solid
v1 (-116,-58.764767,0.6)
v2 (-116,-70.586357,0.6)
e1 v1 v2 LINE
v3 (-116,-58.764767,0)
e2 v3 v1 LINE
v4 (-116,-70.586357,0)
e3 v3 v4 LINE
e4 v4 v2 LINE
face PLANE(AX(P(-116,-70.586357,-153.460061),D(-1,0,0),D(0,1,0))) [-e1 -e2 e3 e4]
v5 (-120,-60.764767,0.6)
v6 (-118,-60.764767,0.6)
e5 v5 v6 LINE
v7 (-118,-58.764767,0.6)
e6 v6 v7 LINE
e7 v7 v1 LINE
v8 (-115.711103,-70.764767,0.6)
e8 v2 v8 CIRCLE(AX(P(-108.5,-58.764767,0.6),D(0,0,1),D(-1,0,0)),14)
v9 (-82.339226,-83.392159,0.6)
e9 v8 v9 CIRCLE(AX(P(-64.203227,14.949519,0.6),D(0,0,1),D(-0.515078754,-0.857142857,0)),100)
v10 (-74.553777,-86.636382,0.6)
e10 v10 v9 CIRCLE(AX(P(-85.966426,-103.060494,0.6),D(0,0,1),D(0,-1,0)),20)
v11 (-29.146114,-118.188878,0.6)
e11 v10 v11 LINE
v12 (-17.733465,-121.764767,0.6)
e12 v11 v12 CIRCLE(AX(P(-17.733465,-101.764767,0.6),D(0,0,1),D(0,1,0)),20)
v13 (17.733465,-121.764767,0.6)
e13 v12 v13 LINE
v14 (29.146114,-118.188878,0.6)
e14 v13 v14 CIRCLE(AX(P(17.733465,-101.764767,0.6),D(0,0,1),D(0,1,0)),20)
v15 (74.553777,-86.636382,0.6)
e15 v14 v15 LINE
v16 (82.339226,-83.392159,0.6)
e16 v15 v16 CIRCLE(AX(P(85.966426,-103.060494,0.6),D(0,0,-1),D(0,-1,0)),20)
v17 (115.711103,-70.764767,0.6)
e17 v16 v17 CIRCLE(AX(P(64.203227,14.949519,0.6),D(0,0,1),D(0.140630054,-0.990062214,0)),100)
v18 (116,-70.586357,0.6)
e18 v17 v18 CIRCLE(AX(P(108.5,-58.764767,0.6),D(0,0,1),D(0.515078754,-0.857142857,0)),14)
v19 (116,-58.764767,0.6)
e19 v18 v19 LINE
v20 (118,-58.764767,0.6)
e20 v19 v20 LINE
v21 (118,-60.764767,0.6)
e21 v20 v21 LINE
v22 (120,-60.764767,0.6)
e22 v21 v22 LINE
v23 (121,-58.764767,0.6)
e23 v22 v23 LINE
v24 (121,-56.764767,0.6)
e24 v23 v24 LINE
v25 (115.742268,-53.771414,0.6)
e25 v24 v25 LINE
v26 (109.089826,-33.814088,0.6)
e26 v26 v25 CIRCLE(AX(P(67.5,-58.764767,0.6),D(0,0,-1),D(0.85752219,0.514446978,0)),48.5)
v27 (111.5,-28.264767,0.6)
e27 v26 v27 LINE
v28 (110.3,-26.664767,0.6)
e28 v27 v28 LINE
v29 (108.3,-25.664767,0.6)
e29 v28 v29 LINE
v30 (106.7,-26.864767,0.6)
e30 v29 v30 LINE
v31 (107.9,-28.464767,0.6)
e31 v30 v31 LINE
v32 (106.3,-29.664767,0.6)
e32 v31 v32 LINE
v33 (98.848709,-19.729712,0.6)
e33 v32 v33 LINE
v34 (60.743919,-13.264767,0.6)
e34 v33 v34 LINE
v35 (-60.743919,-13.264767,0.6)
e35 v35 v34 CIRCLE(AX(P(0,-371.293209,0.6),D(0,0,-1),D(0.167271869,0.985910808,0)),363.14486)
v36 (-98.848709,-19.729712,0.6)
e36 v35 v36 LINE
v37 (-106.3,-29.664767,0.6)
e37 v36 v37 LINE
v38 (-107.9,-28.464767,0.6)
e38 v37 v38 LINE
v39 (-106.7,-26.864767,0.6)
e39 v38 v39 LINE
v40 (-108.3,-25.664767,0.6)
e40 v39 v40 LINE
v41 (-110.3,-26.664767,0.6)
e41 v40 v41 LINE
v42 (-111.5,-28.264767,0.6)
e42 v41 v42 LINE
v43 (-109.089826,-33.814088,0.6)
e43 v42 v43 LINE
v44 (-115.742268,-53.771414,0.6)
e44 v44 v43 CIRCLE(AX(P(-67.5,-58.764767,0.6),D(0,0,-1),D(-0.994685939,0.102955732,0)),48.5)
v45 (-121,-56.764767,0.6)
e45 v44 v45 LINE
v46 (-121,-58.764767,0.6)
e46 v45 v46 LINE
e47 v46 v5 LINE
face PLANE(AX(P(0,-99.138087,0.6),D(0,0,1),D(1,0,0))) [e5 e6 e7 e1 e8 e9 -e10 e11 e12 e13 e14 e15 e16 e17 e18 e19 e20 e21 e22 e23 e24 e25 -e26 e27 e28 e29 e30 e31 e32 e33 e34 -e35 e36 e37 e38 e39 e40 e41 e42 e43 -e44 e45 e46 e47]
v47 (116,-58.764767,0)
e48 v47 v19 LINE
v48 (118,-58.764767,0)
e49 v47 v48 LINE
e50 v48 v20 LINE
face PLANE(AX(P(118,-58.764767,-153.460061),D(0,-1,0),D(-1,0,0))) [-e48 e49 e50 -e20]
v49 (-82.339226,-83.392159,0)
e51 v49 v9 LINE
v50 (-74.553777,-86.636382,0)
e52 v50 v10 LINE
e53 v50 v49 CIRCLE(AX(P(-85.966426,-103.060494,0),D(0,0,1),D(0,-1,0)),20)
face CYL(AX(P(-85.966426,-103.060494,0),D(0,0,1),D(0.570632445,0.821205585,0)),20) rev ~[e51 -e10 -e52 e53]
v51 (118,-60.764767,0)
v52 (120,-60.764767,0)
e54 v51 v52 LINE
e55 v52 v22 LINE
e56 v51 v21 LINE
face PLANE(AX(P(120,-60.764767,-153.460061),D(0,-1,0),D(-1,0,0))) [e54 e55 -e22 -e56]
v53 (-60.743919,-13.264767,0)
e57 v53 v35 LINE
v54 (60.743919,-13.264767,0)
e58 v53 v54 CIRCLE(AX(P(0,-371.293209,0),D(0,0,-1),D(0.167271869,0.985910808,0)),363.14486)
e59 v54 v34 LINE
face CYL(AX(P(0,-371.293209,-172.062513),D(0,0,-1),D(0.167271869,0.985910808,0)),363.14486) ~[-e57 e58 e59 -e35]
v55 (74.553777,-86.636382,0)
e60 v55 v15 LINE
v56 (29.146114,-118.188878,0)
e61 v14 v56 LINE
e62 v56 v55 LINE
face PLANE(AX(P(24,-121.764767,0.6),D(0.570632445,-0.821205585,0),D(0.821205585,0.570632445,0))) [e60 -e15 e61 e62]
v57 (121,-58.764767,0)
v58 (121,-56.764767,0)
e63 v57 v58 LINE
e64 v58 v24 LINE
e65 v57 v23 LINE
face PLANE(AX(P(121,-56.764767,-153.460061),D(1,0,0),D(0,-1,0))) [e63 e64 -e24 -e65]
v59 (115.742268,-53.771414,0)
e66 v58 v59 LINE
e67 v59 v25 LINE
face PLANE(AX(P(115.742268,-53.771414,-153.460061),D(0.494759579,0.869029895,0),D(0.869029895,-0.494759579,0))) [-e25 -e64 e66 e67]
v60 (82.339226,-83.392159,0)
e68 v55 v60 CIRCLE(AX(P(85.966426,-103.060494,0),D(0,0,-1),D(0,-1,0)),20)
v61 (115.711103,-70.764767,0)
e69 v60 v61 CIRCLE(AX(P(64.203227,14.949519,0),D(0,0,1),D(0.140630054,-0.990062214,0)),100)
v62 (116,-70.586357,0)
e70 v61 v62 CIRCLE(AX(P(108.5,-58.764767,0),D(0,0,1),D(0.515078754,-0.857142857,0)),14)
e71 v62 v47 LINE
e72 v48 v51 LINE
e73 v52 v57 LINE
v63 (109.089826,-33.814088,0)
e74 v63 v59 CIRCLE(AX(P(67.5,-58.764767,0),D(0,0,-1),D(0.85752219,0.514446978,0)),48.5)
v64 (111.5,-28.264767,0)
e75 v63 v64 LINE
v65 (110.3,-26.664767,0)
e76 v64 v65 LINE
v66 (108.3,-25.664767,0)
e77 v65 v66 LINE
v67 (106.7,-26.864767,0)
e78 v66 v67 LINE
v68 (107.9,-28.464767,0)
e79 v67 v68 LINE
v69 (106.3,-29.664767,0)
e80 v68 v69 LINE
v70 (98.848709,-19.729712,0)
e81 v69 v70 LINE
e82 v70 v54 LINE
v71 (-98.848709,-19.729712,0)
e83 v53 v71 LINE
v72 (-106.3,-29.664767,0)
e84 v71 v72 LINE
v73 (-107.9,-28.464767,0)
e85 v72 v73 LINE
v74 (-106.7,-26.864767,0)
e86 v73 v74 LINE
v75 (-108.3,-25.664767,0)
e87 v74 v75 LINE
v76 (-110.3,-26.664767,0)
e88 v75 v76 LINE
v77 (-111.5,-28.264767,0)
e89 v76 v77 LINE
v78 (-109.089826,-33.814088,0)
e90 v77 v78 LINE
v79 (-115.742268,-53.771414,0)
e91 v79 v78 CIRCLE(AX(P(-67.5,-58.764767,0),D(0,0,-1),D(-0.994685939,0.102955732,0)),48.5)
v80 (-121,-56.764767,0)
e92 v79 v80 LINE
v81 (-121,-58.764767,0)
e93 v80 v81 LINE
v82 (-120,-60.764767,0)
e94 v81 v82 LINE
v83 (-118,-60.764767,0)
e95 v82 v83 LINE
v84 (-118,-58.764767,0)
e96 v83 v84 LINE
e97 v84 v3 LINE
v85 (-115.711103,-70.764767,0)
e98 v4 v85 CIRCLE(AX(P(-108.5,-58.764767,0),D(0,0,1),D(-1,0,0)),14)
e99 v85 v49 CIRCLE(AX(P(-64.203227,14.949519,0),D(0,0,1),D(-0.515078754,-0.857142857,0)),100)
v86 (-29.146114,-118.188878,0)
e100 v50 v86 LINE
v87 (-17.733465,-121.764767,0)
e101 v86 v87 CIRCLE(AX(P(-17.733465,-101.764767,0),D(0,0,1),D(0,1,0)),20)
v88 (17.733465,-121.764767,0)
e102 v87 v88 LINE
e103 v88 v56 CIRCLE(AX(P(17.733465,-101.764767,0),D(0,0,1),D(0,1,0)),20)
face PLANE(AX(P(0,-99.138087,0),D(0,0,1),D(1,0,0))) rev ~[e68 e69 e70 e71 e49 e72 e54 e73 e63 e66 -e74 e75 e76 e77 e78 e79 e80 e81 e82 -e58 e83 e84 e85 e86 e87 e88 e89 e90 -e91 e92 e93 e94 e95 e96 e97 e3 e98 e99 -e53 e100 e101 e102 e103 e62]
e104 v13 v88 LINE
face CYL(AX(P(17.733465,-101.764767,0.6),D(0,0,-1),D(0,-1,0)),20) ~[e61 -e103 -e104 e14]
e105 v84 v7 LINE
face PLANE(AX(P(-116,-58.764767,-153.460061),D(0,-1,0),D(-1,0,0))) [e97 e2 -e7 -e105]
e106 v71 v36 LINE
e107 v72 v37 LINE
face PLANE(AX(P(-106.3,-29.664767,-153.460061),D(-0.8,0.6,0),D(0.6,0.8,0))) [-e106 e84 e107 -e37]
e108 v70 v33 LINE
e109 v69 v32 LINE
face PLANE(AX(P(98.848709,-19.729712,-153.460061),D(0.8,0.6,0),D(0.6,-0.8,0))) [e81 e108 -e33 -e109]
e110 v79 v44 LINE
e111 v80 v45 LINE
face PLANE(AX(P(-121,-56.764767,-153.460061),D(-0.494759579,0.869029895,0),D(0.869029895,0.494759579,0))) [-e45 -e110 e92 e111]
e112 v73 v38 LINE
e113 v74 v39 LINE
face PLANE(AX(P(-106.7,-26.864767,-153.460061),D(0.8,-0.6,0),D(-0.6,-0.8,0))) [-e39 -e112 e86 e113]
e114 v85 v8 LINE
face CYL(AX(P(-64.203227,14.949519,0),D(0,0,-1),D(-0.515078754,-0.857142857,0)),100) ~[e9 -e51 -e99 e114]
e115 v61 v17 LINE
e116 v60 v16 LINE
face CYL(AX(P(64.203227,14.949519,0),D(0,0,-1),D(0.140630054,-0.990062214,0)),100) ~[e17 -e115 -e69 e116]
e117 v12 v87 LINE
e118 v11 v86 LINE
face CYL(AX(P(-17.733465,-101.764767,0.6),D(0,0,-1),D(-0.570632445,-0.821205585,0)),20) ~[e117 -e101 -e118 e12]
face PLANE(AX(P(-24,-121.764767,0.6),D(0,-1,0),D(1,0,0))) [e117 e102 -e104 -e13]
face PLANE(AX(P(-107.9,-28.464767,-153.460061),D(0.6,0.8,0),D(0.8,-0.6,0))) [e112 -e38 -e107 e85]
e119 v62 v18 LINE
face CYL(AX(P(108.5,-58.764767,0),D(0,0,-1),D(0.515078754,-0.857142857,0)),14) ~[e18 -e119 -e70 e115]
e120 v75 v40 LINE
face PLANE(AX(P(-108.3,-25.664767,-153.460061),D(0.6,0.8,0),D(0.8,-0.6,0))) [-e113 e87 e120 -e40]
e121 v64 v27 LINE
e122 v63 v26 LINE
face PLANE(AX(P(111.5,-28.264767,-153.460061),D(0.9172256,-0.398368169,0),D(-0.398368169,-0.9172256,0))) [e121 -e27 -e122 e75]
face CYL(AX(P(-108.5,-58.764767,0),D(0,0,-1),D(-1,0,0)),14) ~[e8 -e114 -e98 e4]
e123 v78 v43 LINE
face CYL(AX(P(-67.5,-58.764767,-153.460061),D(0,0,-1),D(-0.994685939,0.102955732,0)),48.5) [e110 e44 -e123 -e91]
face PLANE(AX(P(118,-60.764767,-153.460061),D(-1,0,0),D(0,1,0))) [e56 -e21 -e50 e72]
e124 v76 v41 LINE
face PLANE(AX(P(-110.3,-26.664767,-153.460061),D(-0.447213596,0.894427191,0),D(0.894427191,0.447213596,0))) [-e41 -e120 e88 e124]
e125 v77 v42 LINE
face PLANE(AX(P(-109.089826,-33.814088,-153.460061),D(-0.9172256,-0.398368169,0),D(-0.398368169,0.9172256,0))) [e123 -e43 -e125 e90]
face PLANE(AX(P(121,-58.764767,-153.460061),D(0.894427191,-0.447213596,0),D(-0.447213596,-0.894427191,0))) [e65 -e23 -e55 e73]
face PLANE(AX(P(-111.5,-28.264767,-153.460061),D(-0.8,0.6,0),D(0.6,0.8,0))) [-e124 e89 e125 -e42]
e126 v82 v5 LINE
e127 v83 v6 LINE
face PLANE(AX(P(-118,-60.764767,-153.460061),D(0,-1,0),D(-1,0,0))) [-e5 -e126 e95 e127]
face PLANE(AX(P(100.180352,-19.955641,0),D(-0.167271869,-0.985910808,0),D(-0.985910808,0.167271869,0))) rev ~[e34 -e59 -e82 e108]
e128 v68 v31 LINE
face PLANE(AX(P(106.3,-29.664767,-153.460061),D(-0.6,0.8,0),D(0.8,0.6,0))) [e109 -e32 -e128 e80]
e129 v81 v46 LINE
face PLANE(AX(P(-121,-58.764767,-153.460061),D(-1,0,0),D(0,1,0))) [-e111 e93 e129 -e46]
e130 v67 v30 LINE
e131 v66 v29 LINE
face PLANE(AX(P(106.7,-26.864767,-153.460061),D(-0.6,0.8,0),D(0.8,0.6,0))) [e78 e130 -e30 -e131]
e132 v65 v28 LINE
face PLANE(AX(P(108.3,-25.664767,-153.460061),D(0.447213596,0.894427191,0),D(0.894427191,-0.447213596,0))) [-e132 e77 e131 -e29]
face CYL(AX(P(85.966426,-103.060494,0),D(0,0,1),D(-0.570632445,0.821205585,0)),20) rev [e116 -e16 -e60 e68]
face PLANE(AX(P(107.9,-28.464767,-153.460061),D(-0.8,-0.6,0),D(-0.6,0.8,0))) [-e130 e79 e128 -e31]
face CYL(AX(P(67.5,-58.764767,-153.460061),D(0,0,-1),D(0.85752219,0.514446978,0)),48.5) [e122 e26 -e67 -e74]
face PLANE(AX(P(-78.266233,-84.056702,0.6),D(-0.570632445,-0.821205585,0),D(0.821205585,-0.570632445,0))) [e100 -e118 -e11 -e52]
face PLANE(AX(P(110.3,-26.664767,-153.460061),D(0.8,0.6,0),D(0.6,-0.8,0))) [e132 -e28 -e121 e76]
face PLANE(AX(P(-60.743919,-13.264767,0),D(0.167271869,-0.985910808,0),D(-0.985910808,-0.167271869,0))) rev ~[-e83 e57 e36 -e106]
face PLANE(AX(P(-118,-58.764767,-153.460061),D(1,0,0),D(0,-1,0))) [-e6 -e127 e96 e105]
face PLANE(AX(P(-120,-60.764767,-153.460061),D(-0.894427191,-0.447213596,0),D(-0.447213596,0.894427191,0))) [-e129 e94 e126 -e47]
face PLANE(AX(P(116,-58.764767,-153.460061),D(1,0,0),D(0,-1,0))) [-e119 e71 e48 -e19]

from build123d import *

# Parameters (mm, degrees)
MAIN_SHAPE_DEPTH        = 0.6
TABS_DEPTH              = 154.060061459
TABS_DEPTH_BACK         = 154.060061459
CHIN_GUARD_DEPTH        = 0.6
FILLET1_R               = 20
CUT_EXTRUDE1_DEPTH      = 172.662513141
CUT_EXTRUDE1_DEPTH_BACK = 172.662513141


with BuildPart() as part:
    # Sketch1 → Main Shape (new body)
    with BuildSketch(Plane.XY):
        with BuildLine():
            Line((-24, -91.764766734), (24, -91.764766734))
            Line((24, -91.764766734), (78.266232563, -84.05670244))
            ThreePointArc((78.266232563, -84.05670244), (97.655491519, -79.289252293), (115.711102551, -70.764766734))
            ThreePointArc((115.711102551, -70.764766734), (120.685143325, -65.658407438), (122.5, -58.764766734))
            ThreePointArc((122.5, -58.764766734), (120.227482046, -43.118277124), (113.597722286, -28.764766734))
            ThreePointArc((113.597722286, -28.764766734), (107.811505455, -22.955172168), (100.180351554, -19.955641477))
            Line((100.180351554, -19.955641477), (60.74391922, -13.264766734))
            ThreePointArc((60.74391922, -13.264766734), (50.804108255, -9.246591688), (43.461443341, -1.434367632))
            ThreePointArc((43.461443341, -1.434367632), (36.448172688, 5.805997675), (26.941855461, 9.15842781))
            Line((26.941855461, 9.15842781), (17, 10.235233266))
            Line((17, 10.235233266), (10, 0))
            Line((10, 0), (-10, 0))
            Line((-10, 0), (-17, 10.235233266))
            Line((-17, 10.235233266), (-26.941855461, 9.15842781))
            ThreePointArc((-26.941855461, 9.15842781), (-36.448172688, 5.805997675), (-43.461443341, -1.434367632))
            ThreePointArc((-43.461443341, -1.434367632), (-50.804108255, -9.246591688), (-60.74391922, -13.264766734))
            Line((-60.74391922, -13.264766734), (-100.180351554, -19.955641477))
            ThreePointArc((-100.180351554, -19.955641477), (-107.811505455, -22.955172168), (-113.597722286, -28.764766734))
            ThreePointArc((-113.597722286, -28.764766734), (-120.227482046, -43.118277124), (-122.5, -58.764766734))
            ThreePointArc((-122.5, -58.764766734), (-120.685143325, -65.658407438), (-115.711102551, -70.764766734))
            ThreePointArc((-115.711102551, -70.764766734), (-97.655491519, -79.289252293), (-78.266232563, -84.05670244))
            Line((-78.266232563, -84.05670244), (-24, -91.764766734))
        make_face()
    extrude(amount=MAIN_SHAPE_DEPTH)

    # Sketch2 → Tabs (cut, two sides: drawn at the far end of the back side and taken through both)
    with BuildSketch(Plane.XY.offset(0.6).offset(-TABS_DEPTH_BACK)):
        with BuildLine():
            Line((-121, -58.764766734), (-121, -56.764766734))
            Line((-121, -56.764766734), (-115.742268041, -53.771413729))
            ThreePointArc((-115.742268041, -53.771413729), (-113.511139955, -43.427720083), (-109.089826236, -33.814088314))
            Line((-109.089826236, -33.814088314), (-111.5, -28.264766734))
            Line((-111.5, -28.264766734), (-110.3, -26.664766734))
            Line((-110.3, -26.664766734), (-108.3, -25.664766734))
            Line((-108.3, -25.664766734), (-106.7, -26.864766734))
            Line((-106.7, -26.864766734), (-107.9, -28.464766734))
            Line((-107.9, -28.464766734), (-106.3, -29.664766734))
            Line((-106.3, -29.664766734), (-98.84870892, -19.729711961))
            Line((-98.84870892, -19.729711961), (-100.180351554, -19.955641477))
            ThreePointArc((-100.180351554, -19.955641477), (-107.811505455, -22.955172168), (-113.597722286, -28.764766734))
            ThreePointArc((-113.597722286, -28.764766734), (-120.227482046, -43.118277124), (-122.5, -58.764766734))
            ThreePointArc((-122.5, -58.764766734), (-120.767844146, -65.510135516), (-116, -70.586357152))
            Line((-116, -70.586357152), (-116, -58.764766734))
            Line((-116, -58.764766734), (-118, -58.764766734))
            Line((-118, -58.764766734), (-118, -60.764766734))
            Line((-118, -60.764766734), (-120, -60.764766734))
            Line((-120, -60.764766734), (-121, -58.764766734))
        make_face()
        with BuildLine():
            Line((110.3, -26.664766734), (111.5, -28.264766734))
            Line((111.5, -28.264766734), (109.089826236, -33.814088314))
            ThreePointArc((109.089826236, -33.814088314), (113.511139955, -43.427720083), (115.742268041, -53.771413729))
            Line((115.742268041, -53.771413729), (121, -56.764766734))
            Line((121, -56.764766734), (121, -58.764766734))
            Line((121, -58.764766734), (120, -60.764766734))
            Line((120, -60.764766734), (118, -60.764766734))
            Line((118, -60.764766734), (118, -58.764766734))
            Line((118, -58.764766734), (116, -58.764766734))
            Line((116, -58.764766734), (116, -70.586357152))
            ThreePointArc((116, -70.586357152), (120.767844146, -65.510135516), (122.5, -58.764766734))
            ThreePointArc((122.5, -58.764766734), (120.227482046, -43.118277124), (113.597722286, -28.764766734))
            ThreePointArc((113.597722286, -28.764766734), (107.811505455, -22.955172168), (100.180351554, -19.955641477))
            Line((100.180351554, -19.955641477), (98.84870892, -19.729711961))
            Line((98.84870892, -19.729711961), (106.3, -29.664766734))
            Line((106.3, -29.664766734), (107.9, -28.464766734))
            Line((107.9, -28.464766734), (106.7, -26.864766734))
            Line((106.7, -26.864766734), (108.3, -25.664766734))
            Line((108.3, -25.664766734), (110.3, -26.664766734))
        make_face()
    extrude(amount=TABS_DEPTH + TABS_DEPTH_BACK, mode=Mode.SUBTRACT)

    # Sketch5 → Chin guard (add)
    with BuildSketch(Plane.XY.offset(0.6)):
        Polygon((-78.266232563, -84.05670244), (-24, -121.764766734), (24, -121.764766734), (78.266232563, -84.05670244), (24, -91.764766734), (-24, -91.764766734), align=None)
    extrude(amount=-CHIN_GUARD_DEPTH)

    # Fillet1
    fillet1_edges = [part.edges().sort_by_distance(p)[0] for p in [
        (-24, -121.764766734, 0.3),
        (24, -121.764766734, 0.3),
        (78.266232563, -84.05670244, 0.3),
        (-78.266232563, -84.05670244, 0.3),
    ]]
    fillet(fillet1_edges, radius=FILLET1_R)

    # Sketch6 → Cut-Extrude1 (cut, two sides: drawn at the far end of the back side and taken through both)
    with BuildSketch(Plane.XY.offset(0.6).offset(-CUT_EXTRUDE1_DEPTH_BACK)):
        with BuildLine():
            Line((-60.74391922, -13.264766734), (-60.74391922, 16.735233266))
            Line((-60.74391922, 16.735233266), (60.74391922, 16.735233266))
            Line((60.74391922, 16.735233266), (60.74391922, -13.264766734))
            ThreePointArc((60.74391922, -13.264766734), (0, -8.148349205), (-60.74391922, -13.264766734))
        make_face()
    extrude(amount=CUT_EXTRUDE1_DEPTH + CUT_EXTRUDE1_DEPTH_BACK, mode=Mode.SUBTRACT)


solid = part.part
